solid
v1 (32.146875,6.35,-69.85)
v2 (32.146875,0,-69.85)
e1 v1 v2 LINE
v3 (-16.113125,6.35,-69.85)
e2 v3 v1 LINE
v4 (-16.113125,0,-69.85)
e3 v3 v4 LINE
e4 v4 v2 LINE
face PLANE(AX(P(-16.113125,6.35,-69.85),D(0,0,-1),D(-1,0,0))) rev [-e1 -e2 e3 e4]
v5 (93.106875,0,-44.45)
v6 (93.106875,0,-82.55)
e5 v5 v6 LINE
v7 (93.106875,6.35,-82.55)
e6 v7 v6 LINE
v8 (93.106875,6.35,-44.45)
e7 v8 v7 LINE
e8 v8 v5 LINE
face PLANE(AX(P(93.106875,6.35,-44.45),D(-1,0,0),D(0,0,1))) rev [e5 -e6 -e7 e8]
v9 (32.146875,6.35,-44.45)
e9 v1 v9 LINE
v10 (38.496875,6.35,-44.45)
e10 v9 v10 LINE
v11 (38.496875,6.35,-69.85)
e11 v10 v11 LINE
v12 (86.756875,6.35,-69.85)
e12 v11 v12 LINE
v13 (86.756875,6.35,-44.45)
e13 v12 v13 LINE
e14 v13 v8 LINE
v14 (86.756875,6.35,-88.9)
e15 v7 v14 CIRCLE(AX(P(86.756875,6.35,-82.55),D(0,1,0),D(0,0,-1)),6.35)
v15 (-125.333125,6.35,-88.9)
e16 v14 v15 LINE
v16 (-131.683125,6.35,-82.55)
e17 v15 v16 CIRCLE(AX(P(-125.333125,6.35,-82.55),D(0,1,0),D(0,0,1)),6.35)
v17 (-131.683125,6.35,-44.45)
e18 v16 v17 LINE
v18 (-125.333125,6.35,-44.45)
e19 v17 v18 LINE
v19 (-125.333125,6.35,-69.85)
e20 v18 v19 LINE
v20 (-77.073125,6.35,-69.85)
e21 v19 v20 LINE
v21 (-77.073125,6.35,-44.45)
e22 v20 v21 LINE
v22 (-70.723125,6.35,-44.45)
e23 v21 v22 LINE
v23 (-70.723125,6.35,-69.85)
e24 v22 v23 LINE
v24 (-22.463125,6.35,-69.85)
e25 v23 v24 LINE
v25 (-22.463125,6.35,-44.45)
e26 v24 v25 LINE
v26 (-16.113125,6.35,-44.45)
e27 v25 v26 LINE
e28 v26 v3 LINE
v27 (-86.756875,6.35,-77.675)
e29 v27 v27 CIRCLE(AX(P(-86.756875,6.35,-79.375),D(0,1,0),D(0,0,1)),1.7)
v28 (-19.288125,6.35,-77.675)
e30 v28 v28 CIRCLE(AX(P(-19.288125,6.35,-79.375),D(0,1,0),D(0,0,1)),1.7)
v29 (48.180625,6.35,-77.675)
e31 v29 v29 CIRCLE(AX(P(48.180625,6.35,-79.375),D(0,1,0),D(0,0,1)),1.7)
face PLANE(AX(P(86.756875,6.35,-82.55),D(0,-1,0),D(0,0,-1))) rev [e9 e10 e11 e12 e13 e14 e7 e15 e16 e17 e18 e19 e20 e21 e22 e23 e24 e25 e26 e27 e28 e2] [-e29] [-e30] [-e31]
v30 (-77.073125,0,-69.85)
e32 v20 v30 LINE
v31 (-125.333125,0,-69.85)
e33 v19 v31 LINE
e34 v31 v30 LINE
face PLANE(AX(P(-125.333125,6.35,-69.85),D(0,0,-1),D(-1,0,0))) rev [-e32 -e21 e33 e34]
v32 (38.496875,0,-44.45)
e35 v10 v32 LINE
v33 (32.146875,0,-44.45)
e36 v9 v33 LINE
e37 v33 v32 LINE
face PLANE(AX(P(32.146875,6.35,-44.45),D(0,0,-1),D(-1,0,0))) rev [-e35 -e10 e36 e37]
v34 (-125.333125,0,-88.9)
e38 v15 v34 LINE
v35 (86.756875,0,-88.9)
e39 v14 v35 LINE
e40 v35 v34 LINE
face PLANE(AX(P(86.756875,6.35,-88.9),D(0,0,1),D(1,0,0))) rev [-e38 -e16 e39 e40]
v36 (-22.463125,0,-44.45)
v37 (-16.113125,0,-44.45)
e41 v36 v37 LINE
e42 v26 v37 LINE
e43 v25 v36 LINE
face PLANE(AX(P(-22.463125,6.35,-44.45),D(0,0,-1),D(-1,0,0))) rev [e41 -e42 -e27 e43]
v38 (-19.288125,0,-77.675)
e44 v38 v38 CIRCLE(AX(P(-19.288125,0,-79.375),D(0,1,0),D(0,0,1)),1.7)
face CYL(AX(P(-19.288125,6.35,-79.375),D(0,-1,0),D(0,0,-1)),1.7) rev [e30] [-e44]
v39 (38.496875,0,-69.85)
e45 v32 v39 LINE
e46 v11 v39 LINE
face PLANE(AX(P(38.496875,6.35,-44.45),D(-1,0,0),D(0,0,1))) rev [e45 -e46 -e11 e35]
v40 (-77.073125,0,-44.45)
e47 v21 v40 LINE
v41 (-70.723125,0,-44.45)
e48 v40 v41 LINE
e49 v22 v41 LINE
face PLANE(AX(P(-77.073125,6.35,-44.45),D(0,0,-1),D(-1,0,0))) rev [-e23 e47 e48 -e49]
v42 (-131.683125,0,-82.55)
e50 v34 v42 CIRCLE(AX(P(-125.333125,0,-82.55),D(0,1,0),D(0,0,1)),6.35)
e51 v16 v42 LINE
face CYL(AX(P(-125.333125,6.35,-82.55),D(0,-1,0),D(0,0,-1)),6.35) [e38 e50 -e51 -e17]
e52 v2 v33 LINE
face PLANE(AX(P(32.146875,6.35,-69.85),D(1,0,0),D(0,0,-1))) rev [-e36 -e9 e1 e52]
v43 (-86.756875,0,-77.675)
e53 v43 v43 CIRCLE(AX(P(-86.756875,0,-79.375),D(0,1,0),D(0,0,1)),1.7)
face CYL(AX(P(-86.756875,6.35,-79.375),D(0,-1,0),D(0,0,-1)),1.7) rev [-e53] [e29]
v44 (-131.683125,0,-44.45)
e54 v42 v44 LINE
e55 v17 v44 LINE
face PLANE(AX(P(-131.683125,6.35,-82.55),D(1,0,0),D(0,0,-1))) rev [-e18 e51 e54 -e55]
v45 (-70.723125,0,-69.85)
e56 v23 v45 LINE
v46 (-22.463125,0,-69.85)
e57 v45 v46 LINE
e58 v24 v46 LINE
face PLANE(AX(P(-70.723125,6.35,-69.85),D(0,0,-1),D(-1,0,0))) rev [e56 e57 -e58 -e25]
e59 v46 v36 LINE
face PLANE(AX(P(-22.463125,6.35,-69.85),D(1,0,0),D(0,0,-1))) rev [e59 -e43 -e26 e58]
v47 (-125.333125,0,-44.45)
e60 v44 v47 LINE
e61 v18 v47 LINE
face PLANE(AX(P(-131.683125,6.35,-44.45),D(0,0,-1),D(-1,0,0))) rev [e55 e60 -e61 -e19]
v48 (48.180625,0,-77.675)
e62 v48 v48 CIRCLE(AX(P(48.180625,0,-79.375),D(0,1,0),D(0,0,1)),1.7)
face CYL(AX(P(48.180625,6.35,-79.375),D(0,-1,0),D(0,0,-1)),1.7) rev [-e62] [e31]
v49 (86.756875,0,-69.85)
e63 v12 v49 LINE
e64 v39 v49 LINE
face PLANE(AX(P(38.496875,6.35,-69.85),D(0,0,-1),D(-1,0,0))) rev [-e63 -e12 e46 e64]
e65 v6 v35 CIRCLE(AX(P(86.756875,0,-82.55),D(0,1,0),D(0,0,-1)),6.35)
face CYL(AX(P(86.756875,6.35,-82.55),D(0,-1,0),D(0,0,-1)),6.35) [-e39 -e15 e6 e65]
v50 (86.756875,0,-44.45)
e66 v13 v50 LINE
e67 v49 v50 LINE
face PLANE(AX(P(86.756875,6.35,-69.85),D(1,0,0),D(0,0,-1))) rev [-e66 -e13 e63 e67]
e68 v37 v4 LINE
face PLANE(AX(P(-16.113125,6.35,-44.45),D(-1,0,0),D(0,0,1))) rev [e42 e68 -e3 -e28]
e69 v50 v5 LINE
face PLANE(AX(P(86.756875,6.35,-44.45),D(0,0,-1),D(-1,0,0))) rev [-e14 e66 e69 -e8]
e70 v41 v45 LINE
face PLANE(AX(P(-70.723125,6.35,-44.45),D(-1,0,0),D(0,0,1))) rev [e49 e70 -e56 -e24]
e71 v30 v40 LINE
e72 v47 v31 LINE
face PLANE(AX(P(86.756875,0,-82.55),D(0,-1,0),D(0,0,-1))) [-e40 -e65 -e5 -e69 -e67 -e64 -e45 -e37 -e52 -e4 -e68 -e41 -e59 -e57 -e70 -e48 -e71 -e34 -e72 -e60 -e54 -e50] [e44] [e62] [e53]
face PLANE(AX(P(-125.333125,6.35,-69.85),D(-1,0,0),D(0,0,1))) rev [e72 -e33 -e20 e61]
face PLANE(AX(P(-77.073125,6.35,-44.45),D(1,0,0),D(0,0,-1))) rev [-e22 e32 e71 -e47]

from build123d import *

# Parameters (mm, degrees)
SKETCH1_R           = 1.7
BOSS_EXTRUDE1_DEPTH = 6.35


with BuildPart() as part:
    # Sketch1 → Boss-Extrude1 (new body)
    with BuildSketch(Plane(origin=(0, 0, 0), x_dir=(1, 0, 0), z_dir=(0, 1, 0))):
        with BuildLine():
            Line((-131.683125, 82.55), (-131.683125, 44.45))
            Line((-131.683125, 44.45), (-125.333125, 44.45))
            Line((-125.333125, 44.45), (-125.333125, 69.85))
            Line((-125.333125, 69.85), (-77.073125, 69.85))
            Line((-77.073125, 69.85), (-77.073125, 44.45))
            Line((-77.073125, 44.45), (-70.723125, 44.45))
            Line((-70.723125, 44.45), (-70.723125, 69.85))
            Line((-70.723125, 69.85), (-22.463125, 69.85))
            Line((-22.463125, 69.85), (-22.463125, 44.45))
            Line((-22.463125, 44.45), (-16.113125, 44.45))
            Line((-16.113125, 44.45), (-16.113125, 69.85))
            Line((-16.113125, 69.85), (32.146875, 69.85))
            Line((32.146875, 69.85), (32.146875, 44.45))
            Line((32.146875, 44.45), (38.496875, 44.45))
            Line((38.496875, 44.45), (38.496875, 69.85))
            Line((38.496875, 69.85), (86.756875, 69.85))
            Line((86.756875, 69.85), (86.756875, 44.45))
            Line((86.756875, 44.45), (93.106875, 44.45))
            Line((93.106875, 44.45), (93.106875, 82.55))
            ThreePointArc((93.106875, 82.55), (91.247003061, 87.040128061), (86.756875, 88.9))
            Line((86.756875, 88.9), (-125.333125, 88.9))
            ThreePointArc((-125.333125, 88.9), (-129.823253061, 87.040128061), (-131.683125, 82.55))
        make_face()
        with Locations(Location((-86.756875, 79.375, 0), (0, 0, 270))):
            Circle(SKETCH1_R, mode=Mode.SUBTRACT)
        with Locations(Location((-19.288125, 79.375, 0), (0, 0, 270))):
            Circle(SKETCH1_R, mode=Mode.SUBTRACT)
        with Locations(Location((48.180625, 79.375, 0), (0, 0, 270))):
            Circle(SKETCH1_R, mode=Mode.SUBTRACT)
    extrude(amount=BOSS_EXTRUDE1_DEPTH)


solid = part.part
